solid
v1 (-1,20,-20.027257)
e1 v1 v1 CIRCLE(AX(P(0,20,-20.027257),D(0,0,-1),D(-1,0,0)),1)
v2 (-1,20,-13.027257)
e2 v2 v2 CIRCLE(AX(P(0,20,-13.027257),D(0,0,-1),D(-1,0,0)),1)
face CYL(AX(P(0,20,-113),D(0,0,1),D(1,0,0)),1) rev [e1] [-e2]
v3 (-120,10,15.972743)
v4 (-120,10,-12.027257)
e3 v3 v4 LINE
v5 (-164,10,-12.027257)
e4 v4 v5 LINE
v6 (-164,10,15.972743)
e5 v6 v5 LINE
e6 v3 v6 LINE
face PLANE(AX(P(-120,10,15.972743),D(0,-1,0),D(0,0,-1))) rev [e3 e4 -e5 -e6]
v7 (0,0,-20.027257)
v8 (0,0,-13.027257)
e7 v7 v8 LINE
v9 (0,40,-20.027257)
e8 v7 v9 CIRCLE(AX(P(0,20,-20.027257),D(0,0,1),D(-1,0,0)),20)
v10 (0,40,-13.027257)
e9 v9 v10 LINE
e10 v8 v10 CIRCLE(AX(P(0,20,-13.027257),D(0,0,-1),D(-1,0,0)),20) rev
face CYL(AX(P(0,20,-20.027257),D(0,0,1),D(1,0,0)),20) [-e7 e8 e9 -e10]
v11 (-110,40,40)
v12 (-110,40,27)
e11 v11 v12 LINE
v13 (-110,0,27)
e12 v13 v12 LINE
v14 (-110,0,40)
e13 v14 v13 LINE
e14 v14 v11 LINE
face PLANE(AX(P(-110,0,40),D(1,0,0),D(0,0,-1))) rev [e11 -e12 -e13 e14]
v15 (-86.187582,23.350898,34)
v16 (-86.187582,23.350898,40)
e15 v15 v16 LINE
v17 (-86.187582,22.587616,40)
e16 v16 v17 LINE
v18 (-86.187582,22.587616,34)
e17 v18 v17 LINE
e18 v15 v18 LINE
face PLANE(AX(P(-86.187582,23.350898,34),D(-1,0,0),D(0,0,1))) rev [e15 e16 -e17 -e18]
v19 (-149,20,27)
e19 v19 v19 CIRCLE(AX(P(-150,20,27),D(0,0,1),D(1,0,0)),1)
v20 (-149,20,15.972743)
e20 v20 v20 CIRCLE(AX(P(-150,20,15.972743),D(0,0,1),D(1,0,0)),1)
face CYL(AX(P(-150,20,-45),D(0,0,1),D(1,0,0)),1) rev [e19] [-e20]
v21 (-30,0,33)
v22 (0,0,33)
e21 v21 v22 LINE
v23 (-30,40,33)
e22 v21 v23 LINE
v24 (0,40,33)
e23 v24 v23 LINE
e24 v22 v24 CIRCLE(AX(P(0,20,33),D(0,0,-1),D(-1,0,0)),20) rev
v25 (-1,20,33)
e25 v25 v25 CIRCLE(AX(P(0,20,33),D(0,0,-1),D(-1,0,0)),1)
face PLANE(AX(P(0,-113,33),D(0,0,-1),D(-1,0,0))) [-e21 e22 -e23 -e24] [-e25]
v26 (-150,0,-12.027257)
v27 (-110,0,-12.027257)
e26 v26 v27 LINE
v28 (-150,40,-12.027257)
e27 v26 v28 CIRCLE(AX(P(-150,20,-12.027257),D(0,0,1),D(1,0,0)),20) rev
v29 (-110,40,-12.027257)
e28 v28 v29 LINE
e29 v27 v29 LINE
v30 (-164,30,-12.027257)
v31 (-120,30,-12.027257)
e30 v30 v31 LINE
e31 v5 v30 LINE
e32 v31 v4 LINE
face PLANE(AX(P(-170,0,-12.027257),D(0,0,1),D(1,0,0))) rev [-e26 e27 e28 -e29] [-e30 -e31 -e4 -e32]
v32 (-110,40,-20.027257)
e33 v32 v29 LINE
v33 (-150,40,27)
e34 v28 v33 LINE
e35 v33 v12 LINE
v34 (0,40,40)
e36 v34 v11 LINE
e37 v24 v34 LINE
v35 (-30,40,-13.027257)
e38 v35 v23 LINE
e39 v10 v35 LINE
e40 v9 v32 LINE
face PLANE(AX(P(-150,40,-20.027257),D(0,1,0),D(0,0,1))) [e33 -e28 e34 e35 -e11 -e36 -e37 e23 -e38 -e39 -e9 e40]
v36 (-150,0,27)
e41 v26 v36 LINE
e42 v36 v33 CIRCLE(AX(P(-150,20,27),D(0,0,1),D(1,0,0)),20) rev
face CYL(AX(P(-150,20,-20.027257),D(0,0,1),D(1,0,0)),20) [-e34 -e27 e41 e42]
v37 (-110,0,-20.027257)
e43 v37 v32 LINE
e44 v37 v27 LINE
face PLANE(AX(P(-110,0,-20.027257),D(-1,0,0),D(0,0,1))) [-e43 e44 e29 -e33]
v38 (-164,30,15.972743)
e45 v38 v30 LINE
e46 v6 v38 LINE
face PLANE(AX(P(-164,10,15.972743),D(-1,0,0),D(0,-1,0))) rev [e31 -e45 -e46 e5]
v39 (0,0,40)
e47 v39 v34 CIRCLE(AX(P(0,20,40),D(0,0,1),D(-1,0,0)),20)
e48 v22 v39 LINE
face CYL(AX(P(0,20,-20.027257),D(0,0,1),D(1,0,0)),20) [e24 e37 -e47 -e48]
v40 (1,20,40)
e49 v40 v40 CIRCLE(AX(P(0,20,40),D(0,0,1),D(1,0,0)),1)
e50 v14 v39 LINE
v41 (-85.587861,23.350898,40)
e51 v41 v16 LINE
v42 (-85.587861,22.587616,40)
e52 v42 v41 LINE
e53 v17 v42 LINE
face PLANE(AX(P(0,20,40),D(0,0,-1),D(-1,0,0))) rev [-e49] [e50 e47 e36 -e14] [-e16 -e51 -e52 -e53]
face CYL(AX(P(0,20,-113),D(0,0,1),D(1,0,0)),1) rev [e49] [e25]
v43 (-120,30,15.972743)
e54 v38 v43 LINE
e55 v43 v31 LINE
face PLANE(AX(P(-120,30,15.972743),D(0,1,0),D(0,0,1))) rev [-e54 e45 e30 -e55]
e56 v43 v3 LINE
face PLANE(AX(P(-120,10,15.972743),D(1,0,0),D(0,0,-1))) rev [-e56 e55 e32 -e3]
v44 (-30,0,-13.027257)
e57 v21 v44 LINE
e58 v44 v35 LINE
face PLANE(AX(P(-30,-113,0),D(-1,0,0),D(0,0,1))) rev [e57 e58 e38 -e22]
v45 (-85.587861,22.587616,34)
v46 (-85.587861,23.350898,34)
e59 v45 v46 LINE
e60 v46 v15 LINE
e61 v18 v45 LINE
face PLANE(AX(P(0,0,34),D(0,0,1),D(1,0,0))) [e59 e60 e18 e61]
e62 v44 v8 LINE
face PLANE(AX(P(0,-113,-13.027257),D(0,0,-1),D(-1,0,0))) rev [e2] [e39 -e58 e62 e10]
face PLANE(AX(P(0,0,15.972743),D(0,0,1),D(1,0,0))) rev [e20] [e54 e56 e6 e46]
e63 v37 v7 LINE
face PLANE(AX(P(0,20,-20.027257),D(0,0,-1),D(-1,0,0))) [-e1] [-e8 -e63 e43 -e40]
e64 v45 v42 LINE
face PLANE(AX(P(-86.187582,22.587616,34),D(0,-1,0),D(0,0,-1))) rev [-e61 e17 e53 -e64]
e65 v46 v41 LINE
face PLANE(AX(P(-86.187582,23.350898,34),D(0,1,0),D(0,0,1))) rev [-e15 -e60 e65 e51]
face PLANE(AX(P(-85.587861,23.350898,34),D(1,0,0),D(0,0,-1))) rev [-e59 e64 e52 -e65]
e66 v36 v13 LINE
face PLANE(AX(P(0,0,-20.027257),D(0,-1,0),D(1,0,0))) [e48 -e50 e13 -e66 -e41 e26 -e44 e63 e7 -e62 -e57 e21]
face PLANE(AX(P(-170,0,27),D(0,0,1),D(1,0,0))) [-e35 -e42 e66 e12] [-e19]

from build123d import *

# Parameters (mm, degrees)
BOSS_EXTRU_3_DEPTH      = 40
BOSS_EXTRU_3_DEPTH_BACK = 20.027256934
ESQUISSE12_W            = 60
ESQUISSE12_H            = 8
ENL_V_MAT_EXTRU_1_DEPTH = 40
ESQUISSE12_3_W          = 60
ESQUISSE12_3_H          = 13
ENL_V_MAT_EXTRU_2_DEPTH = 40
ESQUISSE20_W            = 0.599721203
ESQUISSE20_H            = 0.763281531
ENL_V_MAT_EXTRU_4_DEPTH = 6
ESQUISSE22_W            = 44
ESQUISSE22_H            = 20
ENL_V_MAT_EXTRU_6_DEPTH = 28
ESQUISSE24_W            = 50
ESQUISSE24_H            = 46.027256934
ENL_V_MAT_EXTRU_7_DEPTH = 153
ESQUISSE25_R            = 1
ENL_V_MAT_EXTRU_8_DEPTH = 153
ESQUISSE26_R            = 1
ENL_V_MAT_EXTRU_9_DEPTH = 72


with BuildPart() as part:
    # Esquisse5 → Boss.-Extru.3 (new, two sides: drawn at the far end of the back side and taken through both)
    with BuildSketch(Plane.XY.offset(-BOSS_EXTRU_3_DEPTH_BACK)):
        with BuildLine():
            Line((0, 0), (-150, 0))
            ThreePointArc((-150, 0), (-170, 20), (-150, 40))
            Line((-150, 40), (0, 40))
            ThreePointArc((0, 40), (20, 20), (0, 0))
        make_face()
    extrude(amount=BOSS_EXTRU_3_DEPTH + BOSS_EXTRU_3_DEPTH_BACK)

    # Esquisse12 → Enlèv. mat.-Extru.1 (cut)
    with BuildSketch(Plane(origin=(0, 40, 0), x_dir=(1, 0, 0), z_dir=(0, 1, 0))):
        with Locations((-140, 16.027256934)):
            Rectangle(ESQUISSE12_W, ESQUISSE12_H)
    extrude(amount=-ENL_V_MAT_EXTRU_1_DEPTH, mode=Mode.SUBTRACT)

    # Esquisse12<3> → Enlèv. mat.-Extru.2 (cut)
    with BuildSketch(Plane(origin=(0, 40, 0), x_dir=(1, 0, 0), z_dir=(0, 1, 0))):
        with Locations((-140, -33.5)):
            Rectangle(ESQUISSE12_3_W, ESQUISSE12_3_H)
    extrude(amount=-ENL_V_MAT_EXTRU_2_DEPTH, mode=Mode.SUBTRACT)

    # Esquisse20 → Enlèv. mat.-Extru.4 (cut)
    with BuildSketch(Plane.XY.offset(40)):
        with Locations((-85.88772133, 22.969257081)):
            Rectangle(ESQUISSE20_W, ESQUISSE20_H)
    extrude(amount=-ENL_V_MAT_EXTRU_4_DEPTH, mode=Mode.SUBTRACT)

    # Esquisse22 → Enlèv. mat.-Extru.6 (cut)
    with BuildSketch(Plane(origin=(0, 0, -12.027256934), x_dir=(-1, 0, 0), z_dir=(0, 0, -1))):
        with Locations((142, 20)):
            Rectangle(ESQUISSE22_W, ESQUISSE22_H)
    extrude(amount=-ENL_V_MAT_EXTRU_6_DEPTH, mode=Mode.SUBTRACT)

    # Esquisse24 → Enlèv. mat.-Extru.7 (cut)
    with BuildSketch(Plane(origin=(0, 40, 0), x_dir=(1, 0, 0), z_dir=(0, 1, 0))):
        with Locations((-5, -9.986371533)):
            Rectangle(ESQUISSE24_W, ESQUISSE24_H)
    extrude(amount=-ENL_V_MAT_EXTRU_7_DEPTH, mode=Mode.SUBTRACT)

    # Esquisse25 → Enlèv. mat.-Extru.8 (cut)
    with BuildSketch(Plane.XY.offset(40)):
        with Locations((0, 20)):
            Circle(ESQUISSE25_R)
    extrude(amount=-ENL_V_MAT_EXTRU_8_DEPTH, mode=Mode.SUBTRACT)

    # Esquisse26 → Enlèv. mat.-Extru.9 (cut)
    with BuildSketch(Plane.XY.offset(27)):
        with Locations((-150, 20)):
            Circle(ESQUISSE26_R)
    extrude(amount=-ENL_V_MAT_EXTRU_9_DEPTH, mode=Mode.SUBTRACT)


solid = part.part
